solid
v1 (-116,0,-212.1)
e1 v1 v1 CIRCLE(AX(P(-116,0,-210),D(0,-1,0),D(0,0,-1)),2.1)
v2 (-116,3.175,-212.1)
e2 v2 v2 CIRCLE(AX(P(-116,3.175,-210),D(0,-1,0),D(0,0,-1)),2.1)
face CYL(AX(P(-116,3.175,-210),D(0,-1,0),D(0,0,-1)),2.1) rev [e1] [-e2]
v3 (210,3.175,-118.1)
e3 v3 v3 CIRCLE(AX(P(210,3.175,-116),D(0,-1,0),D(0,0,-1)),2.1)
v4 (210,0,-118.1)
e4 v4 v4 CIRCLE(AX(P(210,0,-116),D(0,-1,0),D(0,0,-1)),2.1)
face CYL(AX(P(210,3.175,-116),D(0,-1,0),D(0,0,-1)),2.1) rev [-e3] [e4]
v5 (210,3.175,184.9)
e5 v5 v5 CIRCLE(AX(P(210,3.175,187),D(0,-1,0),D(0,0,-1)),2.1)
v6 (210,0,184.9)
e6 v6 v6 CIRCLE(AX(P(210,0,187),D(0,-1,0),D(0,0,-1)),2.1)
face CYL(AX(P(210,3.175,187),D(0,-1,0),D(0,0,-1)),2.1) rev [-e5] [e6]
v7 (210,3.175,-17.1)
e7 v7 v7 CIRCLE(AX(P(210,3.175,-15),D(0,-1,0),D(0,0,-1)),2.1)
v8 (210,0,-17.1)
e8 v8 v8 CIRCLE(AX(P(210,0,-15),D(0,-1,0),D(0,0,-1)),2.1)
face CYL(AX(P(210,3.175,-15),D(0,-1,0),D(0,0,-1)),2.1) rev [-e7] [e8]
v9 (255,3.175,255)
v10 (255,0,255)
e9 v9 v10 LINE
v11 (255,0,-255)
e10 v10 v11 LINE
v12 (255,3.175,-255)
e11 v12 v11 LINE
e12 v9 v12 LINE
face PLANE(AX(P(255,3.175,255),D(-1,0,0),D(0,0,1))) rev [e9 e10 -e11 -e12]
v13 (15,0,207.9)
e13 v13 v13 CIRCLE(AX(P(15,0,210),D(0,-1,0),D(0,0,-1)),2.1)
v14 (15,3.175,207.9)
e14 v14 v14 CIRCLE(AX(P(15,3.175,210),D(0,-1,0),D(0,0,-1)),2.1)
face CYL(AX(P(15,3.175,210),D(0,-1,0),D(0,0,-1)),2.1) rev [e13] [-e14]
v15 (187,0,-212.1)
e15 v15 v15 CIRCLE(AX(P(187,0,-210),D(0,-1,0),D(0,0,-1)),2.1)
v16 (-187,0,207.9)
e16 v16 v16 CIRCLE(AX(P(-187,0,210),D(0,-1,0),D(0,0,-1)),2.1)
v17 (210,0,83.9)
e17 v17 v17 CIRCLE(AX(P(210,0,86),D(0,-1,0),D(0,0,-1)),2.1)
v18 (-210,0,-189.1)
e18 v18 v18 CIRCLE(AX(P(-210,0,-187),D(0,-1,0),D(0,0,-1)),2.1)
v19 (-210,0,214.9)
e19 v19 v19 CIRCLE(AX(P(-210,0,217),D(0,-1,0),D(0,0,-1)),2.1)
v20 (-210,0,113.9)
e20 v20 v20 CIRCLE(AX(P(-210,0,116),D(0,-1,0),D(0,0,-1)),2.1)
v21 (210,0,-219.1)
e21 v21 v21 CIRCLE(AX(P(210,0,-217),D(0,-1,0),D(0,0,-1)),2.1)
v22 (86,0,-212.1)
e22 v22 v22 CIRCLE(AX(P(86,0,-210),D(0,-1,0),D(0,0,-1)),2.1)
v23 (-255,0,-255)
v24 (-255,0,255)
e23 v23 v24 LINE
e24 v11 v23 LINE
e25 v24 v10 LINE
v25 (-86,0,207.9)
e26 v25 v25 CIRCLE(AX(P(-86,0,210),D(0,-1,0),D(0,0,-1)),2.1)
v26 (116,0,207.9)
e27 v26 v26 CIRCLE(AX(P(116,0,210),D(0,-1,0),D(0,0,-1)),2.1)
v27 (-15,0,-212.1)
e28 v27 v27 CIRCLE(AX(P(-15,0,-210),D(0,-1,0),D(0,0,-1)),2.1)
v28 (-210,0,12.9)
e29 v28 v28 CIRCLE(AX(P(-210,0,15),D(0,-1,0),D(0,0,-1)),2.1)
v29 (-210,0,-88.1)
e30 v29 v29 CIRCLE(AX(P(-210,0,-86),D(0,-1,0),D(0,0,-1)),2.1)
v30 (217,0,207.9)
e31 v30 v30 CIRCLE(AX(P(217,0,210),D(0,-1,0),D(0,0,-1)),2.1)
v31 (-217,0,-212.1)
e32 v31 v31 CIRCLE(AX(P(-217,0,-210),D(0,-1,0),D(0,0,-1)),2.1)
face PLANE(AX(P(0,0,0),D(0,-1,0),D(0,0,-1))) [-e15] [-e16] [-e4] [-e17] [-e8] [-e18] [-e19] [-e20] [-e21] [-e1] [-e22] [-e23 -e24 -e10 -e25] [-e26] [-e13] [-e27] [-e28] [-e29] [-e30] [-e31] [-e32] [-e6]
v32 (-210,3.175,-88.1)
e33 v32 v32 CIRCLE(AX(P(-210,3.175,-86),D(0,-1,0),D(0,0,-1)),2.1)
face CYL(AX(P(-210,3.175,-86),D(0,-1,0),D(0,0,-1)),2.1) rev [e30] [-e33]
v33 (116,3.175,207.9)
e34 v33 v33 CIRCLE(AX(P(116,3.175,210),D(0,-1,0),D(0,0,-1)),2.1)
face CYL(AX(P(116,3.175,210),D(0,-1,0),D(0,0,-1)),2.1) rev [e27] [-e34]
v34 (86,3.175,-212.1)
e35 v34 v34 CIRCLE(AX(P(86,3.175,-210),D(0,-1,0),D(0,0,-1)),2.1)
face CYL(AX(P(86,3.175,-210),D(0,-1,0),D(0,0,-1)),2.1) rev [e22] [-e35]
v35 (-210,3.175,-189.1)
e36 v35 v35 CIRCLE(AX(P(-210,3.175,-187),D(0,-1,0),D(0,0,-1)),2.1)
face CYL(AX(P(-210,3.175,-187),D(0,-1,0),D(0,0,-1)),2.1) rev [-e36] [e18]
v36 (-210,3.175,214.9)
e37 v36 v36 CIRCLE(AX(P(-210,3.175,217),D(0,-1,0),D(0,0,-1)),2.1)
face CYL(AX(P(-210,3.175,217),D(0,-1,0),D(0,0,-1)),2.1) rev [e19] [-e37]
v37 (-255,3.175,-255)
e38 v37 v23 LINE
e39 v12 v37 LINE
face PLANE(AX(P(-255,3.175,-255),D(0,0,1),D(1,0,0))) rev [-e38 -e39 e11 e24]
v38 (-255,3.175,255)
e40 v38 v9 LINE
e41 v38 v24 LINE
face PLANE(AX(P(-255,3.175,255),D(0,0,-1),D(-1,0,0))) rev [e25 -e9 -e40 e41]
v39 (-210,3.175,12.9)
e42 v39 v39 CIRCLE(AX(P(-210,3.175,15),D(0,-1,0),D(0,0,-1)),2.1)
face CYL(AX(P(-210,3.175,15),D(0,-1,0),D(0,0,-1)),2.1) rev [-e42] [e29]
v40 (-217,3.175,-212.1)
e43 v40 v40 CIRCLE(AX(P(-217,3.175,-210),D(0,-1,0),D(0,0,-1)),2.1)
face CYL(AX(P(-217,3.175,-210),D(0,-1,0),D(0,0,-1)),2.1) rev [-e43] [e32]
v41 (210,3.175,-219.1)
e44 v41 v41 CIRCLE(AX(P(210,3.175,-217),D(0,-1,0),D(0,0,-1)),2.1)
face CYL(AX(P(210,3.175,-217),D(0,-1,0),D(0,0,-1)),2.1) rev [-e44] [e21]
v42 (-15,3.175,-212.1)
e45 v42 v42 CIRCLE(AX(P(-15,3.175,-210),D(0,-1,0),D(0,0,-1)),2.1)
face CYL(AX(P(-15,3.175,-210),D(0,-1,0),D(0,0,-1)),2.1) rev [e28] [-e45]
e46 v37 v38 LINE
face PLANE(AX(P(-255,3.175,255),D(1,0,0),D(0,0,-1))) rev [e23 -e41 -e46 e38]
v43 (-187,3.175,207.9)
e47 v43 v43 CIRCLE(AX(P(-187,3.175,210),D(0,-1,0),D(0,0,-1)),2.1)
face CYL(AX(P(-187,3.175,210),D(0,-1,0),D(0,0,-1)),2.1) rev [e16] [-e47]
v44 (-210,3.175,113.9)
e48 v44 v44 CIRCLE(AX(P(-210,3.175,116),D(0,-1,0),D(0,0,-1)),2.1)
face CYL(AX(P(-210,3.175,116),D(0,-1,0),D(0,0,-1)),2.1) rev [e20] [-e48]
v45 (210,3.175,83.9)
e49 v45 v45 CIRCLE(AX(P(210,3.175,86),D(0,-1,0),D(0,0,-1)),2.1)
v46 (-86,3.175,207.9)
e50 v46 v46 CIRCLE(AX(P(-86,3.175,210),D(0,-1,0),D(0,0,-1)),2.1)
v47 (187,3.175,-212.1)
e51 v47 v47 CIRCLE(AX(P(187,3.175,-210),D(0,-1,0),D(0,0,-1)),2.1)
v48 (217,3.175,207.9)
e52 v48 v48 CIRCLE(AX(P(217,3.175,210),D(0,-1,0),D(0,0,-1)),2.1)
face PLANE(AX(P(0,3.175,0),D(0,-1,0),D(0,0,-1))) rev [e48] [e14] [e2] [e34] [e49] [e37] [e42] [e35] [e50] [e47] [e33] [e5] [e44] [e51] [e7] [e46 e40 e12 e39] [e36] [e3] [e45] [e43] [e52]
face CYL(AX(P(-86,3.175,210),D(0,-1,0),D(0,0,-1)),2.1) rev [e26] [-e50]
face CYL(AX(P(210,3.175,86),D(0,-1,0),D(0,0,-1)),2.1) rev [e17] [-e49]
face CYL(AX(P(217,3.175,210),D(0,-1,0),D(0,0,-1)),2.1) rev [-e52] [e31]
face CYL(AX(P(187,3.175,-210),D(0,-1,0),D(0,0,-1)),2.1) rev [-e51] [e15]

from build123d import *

# Parameters (mm, degrees)
SKETCH1_W           = 510
SKETCH1_H           = 510
BOSS_EXTRUDE1_DEPTH = 3.175
SKETCH3_R           = 2.1
CUT_EXTRUDE1_DEPTH  = 4.175


with BuildPart() as part:
    # Sketch1 → Boss-Extrude1 (new body)
    with BuildSketch(Plane(origin=(0, 0, 0), x_dir=(1, 0, 0), z_dir=(0, 1, 0))):
        Rectangle(SKETCH1_W, SKETCH1_H)
    extrude(amount=BOSS_EXTRUDE1_DEPTH)

    # Sketch3 → Cut-Extrude1 (cut, through all)
    with BuildSketch(Plane.XZ):
        with Locations((217, 210)):
            Circle(SKETCH3_R)
        with Locations((116, 210)):
            Circle(SKETCH3_R)
        with Locations((15, 210)):
            Circle(SKETCH3_R)
        with Locations((-86, 210)):
            Circle(SKETCH3_R)
        with Locations((-187, 210)):
            Circle(SKETCH3_R)
        with Locations((-210, 217)):
            Circle(SKETCH3_R)
        with Locations((-210, 116)):
            Circle(SKETCH3_R)
        with Locations((-210, 15)):
            Circle(SKETCH3_R)
        with Locations((-210, -86)):
            Circle(SKETCH3_R)
        with Locations((-210, -187)):
            Circle(SKETCH3_R)
        with Locations((-217, -210)):
            Circle(SKETCH3_R)
        with Locations((-116, -210)):
            Circle(SKETCH3_R)
        with Locations((-15, -210)):
            Circle(SKETCH3_R)
        with Locations((86, -210)):
            Circle(SKETCH3_R)
        with Locations((187, -210)):
            Circle(SKETCH3_R)
        with Locations((210, -217)):
            Circle(SKETCH3_R)
        with Locations((210, -116)):
            Circle(SKETCH3_R)
        with Locations((210, -15)):
            Circle(SKETCH3_R)
        with Locations((210, 86)):
            Circle(SKETCH3_R)
        with Locations((210, 187)):
            Circle(SKETCH3_R)
    extrude(amount=-CUT_EXTRUDE1_DEPTH, mode=Mode.SUBTRACT)


solid = part.part
